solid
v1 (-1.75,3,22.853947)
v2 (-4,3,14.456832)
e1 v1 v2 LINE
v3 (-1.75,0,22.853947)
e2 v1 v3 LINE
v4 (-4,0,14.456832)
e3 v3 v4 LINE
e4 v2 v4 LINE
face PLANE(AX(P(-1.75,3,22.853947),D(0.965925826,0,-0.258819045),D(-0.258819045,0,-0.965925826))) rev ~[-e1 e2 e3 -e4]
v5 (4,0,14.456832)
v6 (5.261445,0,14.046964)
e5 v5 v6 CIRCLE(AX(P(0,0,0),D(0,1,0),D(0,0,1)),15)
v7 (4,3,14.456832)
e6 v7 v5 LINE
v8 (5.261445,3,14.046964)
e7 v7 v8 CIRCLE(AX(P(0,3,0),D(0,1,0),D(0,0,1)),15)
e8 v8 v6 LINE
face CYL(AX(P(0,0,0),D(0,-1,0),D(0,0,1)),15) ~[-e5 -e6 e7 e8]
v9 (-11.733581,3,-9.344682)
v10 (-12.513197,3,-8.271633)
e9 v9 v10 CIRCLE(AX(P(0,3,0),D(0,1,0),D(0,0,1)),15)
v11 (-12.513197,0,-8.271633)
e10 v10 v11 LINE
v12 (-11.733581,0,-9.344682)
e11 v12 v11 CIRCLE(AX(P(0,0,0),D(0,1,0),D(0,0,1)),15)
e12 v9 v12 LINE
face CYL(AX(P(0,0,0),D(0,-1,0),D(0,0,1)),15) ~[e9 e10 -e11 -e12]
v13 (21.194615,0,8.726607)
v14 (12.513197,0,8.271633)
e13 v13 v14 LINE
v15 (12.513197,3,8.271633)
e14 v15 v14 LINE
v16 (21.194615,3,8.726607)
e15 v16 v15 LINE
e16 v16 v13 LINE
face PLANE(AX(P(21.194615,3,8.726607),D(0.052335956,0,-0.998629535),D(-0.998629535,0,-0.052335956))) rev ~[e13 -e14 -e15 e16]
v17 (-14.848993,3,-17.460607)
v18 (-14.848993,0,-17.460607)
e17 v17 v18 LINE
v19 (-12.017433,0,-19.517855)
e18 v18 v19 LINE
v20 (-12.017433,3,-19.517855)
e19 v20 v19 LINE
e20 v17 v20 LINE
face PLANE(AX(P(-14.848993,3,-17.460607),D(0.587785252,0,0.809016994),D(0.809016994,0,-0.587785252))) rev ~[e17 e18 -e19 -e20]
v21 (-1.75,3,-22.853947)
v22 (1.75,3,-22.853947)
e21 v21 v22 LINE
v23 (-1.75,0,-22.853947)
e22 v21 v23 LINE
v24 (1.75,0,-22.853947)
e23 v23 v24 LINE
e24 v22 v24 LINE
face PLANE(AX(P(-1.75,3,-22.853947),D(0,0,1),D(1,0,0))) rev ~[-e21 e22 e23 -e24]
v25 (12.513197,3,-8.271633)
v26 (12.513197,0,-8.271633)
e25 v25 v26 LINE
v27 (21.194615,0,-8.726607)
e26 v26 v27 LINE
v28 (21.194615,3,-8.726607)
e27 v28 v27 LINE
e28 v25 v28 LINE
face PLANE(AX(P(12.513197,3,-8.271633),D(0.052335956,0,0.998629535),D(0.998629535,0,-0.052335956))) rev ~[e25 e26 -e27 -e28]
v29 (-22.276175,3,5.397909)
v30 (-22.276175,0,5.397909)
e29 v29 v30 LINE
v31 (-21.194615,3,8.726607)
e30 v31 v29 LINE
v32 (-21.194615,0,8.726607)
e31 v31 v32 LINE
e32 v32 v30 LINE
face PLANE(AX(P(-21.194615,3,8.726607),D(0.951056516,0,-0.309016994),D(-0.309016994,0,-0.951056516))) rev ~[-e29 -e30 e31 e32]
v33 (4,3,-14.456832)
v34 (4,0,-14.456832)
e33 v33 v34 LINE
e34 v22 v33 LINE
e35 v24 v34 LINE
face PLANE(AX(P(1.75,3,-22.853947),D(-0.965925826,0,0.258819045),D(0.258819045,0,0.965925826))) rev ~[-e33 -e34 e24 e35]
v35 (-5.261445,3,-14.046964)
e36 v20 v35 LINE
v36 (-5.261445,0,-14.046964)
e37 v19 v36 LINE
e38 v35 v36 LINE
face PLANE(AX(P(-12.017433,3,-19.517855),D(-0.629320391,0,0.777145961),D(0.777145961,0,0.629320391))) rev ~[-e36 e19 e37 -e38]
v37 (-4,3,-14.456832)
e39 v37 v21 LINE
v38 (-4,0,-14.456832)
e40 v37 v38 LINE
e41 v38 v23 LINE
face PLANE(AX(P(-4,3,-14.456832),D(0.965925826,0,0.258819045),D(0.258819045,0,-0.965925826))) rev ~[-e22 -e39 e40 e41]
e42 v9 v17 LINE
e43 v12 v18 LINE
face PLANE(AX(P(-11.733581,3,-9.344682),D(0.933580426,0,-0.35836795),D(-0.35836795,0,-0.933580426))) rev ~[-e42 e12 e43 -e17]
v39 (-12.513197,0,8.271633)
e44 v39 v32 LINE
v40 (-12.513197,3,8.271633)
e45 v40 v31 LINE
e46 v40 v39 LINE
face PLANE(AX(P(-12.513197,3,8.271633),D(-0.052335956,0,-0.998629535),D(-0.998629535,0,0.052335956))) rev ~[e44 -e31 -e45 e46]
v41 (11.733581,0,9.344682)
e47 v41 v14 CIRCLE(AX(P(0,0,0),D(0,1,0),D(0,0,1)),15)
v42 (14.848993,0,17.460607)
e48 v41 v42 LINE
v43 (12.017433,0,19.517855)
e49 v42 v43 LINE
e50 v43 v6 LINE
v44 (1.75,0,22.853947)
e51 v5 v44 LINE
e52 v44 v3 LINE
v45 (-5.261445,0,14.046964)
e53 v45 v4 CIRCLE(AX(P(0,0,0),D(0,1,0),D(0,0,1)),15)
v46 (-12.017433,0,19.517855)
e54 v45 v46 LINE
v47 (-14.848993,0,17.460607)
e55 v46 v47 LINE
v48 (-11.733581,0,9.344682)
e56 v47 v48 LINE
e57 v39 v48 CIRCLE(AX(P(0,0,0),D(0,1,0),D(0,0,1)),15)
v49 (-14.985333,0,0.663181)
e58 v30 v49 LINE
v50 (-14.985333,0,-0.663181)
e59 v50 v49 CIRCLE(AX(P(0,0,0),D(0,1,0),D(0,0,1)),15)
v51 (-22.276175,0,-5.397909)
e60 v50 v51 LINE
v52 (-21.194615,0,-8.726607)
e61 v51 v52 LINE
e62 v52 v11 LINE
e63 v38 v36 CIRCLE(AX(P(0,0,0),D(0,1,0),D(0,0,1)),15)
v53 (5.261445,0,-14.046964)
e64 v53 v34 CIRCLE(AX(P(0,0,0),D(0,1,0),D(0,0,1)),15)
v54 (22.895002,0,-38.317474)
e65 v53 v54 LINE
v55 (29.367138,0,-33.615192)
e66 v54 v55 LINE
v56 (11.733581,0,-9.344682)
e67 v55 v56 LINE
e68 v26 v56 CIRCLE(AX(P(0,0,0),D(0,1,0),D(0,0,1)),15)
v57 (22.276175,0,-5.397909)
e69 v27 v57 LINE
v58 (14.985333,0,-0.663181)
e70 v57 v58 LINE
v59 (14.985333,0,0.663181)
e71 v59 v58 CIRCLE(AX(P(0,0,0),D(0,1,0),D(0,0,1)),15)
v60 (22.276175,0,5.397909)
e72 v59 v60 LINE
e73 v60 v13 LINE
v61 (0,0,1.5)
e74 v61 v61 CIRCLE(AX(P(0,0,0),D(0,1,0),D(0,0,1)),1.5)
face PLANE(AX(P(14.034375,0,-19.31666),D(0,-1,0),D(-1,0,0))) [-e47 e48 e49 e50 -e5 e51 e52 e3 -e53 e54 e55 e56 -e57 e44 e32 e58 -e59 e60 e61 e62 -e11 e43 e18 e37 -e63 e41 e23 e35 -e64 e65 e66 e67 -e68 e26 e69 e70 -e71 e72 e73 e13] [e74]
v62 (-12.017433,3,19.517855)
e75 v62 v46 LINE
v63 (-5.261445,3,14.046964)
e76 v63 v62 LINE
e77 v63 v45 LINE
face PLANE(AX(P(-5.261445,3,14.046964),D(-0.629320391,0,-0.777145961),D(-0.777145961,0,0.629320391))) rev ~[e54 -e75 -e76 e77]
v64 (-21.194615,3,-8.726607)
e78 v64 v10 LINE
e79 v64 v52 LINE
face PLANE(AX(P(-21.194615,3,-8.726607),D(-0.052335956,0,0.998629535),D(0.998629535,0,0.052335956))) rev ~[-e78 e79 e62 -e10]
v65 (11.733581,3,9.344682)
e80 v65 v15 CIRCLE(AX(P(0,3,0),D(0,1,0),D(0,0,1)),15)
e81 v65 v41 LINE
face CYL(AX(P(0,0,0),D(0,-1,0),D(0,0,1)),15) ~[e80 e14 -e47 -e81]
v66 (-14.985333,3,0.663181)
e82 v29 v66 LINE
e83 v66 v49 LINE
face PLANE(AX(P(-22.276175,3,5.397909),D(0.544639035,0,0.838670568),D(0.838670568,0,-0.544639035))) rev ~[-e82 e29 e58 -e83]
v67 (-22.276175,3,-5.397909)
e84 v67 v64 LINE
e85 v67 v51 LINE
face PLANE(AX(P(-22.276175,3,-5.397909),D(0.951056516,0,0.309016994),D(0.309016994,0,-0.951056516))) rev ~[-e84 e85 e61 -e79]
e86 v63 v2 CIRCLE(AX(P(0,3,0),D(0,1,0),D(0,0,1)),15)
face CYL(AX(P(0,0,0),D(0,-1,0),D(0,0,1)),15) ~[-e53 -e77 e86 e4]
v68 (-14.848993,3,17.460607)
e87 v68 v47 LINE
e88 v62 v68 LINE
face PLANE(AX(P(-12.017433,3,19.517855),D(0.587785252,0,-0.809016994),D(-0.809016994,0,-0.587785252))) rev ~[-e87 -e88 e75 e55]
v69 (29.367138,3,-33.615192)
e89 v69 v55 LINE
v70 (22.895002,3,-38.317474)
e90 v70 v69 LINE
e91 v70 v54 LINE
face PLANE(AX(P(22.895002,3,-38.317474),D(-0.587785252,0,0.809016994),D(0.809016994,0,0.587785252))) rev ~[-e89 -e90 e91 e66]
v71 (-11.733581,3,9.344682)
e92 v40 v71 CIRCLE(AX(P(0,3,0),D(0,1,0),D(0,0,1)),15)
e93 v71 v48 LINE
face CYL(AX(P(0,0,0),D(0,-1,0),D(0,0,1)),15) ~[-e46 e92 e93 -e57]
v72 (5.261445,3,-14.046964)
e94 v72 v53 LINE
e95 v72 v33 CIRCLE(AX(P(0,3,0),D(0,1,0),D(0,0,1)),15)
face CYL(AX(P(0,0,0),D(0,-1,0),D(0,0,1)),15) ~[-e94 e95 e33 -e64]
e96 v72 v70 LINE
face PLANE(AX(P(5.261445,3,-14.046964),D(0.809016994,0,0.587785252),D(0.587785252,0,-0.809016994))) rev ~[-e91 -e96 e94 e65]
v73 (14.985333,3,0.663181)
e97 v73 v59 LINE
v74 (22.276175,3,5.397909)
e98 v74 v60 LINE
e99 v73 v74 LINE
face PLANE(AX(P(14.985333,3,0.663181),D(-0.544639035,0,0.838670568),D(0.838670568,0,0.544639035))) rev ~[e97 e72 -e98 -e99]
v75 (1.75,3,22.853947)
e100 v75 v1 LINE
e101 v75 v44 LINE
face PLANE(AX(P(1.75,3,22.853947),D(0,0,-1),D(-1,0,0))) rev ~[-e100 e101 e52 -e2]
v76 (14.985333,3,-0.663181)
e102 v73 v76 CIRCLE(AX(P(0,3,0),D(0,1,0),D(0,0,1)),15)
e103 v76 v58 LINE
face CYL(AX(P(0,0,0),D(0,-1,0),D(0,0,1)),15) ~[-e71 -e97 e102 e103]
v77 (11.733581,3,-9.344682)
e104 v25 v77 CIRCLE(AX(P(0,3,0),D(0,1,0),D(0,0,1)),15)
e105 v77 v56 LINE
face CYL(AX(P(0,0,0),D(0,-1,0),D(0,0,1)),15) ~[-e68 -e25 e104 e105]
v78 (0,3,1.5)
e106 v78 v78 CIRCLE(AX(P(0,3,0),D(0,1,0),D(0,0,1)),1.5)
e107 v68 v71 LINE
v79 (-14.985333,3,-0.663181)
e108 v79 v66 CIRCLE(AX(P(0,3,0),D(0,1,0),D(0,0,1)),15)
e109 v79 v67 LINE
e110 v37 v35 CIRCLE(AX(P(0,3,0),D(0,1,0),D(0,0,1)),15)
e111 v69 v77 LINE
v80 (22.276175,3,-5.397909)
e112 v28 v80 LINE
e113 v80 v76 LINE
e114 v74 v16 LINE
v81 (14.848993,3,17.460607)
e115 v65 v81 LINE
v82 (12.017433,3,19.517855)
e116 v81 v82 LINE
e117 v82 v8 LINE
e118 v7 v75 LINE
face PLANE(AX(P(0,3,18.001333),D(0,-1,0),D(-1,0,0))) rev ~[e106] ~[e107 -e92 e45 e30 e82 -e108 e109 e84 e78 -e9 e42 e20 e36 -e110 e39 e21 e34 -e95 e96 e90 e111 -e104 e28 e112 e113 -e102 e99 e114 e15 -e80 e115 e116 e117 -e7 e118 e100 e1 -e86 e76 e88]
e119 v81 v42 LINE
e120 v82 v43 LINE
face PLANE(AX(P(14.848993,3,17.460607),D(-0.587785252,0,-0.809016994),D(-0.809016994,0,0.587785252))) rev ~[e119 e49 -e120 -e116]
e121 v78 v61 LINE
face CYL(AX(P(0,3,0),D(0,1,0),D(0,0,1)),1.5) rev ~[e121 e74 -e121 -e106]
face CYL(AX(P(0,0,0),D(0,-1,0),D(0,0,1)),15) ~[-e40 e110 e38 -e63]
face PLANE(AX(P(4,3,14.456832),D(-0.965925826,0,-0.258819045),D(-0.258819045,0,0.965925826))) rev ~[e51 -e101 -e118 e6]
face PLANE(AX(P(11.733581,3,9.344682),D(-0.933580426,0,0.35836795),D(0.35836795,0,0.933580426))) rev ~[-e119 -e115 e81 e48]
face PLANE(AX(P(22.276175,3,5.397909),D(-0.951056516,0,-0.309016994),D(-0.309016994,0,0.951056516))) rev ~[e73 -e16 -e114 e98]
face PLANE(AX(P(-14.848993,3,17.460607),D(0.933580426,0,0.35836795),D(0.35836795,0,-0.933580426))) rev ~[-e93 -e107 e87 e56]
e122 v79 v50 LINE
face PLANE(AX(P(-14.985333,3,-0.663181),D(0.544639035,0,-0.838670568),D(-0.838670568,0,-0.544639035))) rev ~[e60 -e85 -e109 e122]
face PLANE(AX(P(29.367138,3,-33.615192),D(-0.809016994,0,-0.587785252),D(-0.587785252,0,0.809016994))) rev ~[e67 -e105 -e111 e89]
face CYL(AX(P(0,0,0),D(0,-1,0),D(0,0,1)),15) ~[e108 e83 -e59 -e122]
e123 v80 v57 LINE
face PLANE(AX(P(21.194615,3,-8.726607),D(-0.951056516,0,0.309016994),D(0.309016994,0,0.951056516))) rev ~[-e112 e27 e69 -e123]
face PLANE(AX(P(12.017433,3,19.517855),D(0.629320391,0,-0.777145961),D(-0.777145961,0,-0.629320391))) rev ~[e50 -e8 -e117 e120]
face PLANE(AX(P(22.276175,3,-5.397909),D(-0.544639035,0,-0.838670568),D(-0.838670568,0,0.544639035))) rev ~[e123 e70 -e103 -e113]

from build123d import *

# Parameters (mm, degrees)
SKETCH1_R           = 15
BOSS_EXTRUDE1_DEPTH = 3
BOSS_EXTRUDE4_DEPTH = 3
BOSS_EXTRUDE5_DEPTH = 3
SKETCH4_R           = 1.5
CUT_EXTRUDE1_DEPTH  = 3


with BuildPart() as part:
    # Sketch1 → Boss-Extrude1 (new body)
    with BuildSketch(Plane(origin=(0, 0, 0), x_dir=(1, 0, 0), z_dir=(0, 1, 0))):
        with Locations(Location((0, 0, 0), (0, 0, 270))):
            Circle(SKETCH1_R)
    extrude(amount=BOSS_EXTRUDE1_DEPTH)

    # Sketch2 → Boss-Extrude4 (add)
    with BuildSketch(Plane(origin=(0, 3, 0), x_dir=(1, 0, 0), z_dir=(0, 1, 0))):
        Polygon((1.75, -22.853946612), (-1.75, -22.853946612), (-4, -14.456832295), (4, -14.456832295), align=None)
        Polygon((-14.848992515, -17.460607006), (-11.733580795, -9.344682002), (-5.26144484, -14.04696402), (-12.017433035, -19.517855389), align=None)
        Polygon((-22.276174588, -5.397908988), (-14.985332536, -0.663180799), (-12.513196581, -8.271632929), (-21.194615108, -8.726606795), align=None)
        Polygon((-21.194615108, 8.726606795), (-12.513196581, 8.271632929), (-14.985332536, 0.663180799), (-22.276174588, 5.397908988), align=None)
        Polygon((-12.017433035, 19.517855389), (-5.26144484, 14.04696402), (-11.733580795, 9.344682002), (-14.848992515, 17.460607006), align=None)
        Polygon((1.75, 22.853946612), (4, 14.456832295), (-4, 14.456832295), (-1.75, 22.853946612), align=None)
        Polygon((14.848992515, 17.460607006), (11.733580795, 9.344682002), (5.26144484, 14.04696402), (12.017433035, 19.517855389), align=None)
        Polygon((22.276174588, 5.397908988), (14.985332536, 0.663180799), (12.513196581, 8.271632929), (21.194615108, 8.726606795), align=None)
        Polygon((21.194615108, -8.726606795), (12.513196581, -8.271632929), (14.985332536, -0.663180799), (22.276174588, -5.397908988), align=None)
        Polygon((12.017433035, -19.517855389), (5.26144484, -14.04696402), (11.733580795, -9.344682002), (14.848992515, -17.460607006), align=None)
    extrude(amount=-BOSS_EXTRUDE4_DEPTH)

    # Sketch3 → Boss-Extrude5 (add)
    with BuildSketch(Plane(origin=(0, 3, 0), x_dir=(1, 0, 0), z_dir=(0, 1, 0))):
        Polygon((0, 0), (5.26144484, 14.04696402), (22.895002409, 38.317473852), (29.367138364, 33.615191833), (11.733580795, 9.344682002), align=None)
    extrude(amount=-BOSS_EXTRUDE5_DEPTH)

    # Sketch4 → Cut-Extrude1 (cut)
    with BuildSketch(Plane(origin=(0, 3, 0), x_dir=(1, 0, 0), z_dir=(0, 1, 0))):
        with Locations(Location((0, 0, 0), (0, 0, 270))):
            Circle(SKETCH4_R)
    extrude(amount=-CUT_EXTRUDE1_DEPTH, mode=Mode.SUBTRACT)


solid = part.part
